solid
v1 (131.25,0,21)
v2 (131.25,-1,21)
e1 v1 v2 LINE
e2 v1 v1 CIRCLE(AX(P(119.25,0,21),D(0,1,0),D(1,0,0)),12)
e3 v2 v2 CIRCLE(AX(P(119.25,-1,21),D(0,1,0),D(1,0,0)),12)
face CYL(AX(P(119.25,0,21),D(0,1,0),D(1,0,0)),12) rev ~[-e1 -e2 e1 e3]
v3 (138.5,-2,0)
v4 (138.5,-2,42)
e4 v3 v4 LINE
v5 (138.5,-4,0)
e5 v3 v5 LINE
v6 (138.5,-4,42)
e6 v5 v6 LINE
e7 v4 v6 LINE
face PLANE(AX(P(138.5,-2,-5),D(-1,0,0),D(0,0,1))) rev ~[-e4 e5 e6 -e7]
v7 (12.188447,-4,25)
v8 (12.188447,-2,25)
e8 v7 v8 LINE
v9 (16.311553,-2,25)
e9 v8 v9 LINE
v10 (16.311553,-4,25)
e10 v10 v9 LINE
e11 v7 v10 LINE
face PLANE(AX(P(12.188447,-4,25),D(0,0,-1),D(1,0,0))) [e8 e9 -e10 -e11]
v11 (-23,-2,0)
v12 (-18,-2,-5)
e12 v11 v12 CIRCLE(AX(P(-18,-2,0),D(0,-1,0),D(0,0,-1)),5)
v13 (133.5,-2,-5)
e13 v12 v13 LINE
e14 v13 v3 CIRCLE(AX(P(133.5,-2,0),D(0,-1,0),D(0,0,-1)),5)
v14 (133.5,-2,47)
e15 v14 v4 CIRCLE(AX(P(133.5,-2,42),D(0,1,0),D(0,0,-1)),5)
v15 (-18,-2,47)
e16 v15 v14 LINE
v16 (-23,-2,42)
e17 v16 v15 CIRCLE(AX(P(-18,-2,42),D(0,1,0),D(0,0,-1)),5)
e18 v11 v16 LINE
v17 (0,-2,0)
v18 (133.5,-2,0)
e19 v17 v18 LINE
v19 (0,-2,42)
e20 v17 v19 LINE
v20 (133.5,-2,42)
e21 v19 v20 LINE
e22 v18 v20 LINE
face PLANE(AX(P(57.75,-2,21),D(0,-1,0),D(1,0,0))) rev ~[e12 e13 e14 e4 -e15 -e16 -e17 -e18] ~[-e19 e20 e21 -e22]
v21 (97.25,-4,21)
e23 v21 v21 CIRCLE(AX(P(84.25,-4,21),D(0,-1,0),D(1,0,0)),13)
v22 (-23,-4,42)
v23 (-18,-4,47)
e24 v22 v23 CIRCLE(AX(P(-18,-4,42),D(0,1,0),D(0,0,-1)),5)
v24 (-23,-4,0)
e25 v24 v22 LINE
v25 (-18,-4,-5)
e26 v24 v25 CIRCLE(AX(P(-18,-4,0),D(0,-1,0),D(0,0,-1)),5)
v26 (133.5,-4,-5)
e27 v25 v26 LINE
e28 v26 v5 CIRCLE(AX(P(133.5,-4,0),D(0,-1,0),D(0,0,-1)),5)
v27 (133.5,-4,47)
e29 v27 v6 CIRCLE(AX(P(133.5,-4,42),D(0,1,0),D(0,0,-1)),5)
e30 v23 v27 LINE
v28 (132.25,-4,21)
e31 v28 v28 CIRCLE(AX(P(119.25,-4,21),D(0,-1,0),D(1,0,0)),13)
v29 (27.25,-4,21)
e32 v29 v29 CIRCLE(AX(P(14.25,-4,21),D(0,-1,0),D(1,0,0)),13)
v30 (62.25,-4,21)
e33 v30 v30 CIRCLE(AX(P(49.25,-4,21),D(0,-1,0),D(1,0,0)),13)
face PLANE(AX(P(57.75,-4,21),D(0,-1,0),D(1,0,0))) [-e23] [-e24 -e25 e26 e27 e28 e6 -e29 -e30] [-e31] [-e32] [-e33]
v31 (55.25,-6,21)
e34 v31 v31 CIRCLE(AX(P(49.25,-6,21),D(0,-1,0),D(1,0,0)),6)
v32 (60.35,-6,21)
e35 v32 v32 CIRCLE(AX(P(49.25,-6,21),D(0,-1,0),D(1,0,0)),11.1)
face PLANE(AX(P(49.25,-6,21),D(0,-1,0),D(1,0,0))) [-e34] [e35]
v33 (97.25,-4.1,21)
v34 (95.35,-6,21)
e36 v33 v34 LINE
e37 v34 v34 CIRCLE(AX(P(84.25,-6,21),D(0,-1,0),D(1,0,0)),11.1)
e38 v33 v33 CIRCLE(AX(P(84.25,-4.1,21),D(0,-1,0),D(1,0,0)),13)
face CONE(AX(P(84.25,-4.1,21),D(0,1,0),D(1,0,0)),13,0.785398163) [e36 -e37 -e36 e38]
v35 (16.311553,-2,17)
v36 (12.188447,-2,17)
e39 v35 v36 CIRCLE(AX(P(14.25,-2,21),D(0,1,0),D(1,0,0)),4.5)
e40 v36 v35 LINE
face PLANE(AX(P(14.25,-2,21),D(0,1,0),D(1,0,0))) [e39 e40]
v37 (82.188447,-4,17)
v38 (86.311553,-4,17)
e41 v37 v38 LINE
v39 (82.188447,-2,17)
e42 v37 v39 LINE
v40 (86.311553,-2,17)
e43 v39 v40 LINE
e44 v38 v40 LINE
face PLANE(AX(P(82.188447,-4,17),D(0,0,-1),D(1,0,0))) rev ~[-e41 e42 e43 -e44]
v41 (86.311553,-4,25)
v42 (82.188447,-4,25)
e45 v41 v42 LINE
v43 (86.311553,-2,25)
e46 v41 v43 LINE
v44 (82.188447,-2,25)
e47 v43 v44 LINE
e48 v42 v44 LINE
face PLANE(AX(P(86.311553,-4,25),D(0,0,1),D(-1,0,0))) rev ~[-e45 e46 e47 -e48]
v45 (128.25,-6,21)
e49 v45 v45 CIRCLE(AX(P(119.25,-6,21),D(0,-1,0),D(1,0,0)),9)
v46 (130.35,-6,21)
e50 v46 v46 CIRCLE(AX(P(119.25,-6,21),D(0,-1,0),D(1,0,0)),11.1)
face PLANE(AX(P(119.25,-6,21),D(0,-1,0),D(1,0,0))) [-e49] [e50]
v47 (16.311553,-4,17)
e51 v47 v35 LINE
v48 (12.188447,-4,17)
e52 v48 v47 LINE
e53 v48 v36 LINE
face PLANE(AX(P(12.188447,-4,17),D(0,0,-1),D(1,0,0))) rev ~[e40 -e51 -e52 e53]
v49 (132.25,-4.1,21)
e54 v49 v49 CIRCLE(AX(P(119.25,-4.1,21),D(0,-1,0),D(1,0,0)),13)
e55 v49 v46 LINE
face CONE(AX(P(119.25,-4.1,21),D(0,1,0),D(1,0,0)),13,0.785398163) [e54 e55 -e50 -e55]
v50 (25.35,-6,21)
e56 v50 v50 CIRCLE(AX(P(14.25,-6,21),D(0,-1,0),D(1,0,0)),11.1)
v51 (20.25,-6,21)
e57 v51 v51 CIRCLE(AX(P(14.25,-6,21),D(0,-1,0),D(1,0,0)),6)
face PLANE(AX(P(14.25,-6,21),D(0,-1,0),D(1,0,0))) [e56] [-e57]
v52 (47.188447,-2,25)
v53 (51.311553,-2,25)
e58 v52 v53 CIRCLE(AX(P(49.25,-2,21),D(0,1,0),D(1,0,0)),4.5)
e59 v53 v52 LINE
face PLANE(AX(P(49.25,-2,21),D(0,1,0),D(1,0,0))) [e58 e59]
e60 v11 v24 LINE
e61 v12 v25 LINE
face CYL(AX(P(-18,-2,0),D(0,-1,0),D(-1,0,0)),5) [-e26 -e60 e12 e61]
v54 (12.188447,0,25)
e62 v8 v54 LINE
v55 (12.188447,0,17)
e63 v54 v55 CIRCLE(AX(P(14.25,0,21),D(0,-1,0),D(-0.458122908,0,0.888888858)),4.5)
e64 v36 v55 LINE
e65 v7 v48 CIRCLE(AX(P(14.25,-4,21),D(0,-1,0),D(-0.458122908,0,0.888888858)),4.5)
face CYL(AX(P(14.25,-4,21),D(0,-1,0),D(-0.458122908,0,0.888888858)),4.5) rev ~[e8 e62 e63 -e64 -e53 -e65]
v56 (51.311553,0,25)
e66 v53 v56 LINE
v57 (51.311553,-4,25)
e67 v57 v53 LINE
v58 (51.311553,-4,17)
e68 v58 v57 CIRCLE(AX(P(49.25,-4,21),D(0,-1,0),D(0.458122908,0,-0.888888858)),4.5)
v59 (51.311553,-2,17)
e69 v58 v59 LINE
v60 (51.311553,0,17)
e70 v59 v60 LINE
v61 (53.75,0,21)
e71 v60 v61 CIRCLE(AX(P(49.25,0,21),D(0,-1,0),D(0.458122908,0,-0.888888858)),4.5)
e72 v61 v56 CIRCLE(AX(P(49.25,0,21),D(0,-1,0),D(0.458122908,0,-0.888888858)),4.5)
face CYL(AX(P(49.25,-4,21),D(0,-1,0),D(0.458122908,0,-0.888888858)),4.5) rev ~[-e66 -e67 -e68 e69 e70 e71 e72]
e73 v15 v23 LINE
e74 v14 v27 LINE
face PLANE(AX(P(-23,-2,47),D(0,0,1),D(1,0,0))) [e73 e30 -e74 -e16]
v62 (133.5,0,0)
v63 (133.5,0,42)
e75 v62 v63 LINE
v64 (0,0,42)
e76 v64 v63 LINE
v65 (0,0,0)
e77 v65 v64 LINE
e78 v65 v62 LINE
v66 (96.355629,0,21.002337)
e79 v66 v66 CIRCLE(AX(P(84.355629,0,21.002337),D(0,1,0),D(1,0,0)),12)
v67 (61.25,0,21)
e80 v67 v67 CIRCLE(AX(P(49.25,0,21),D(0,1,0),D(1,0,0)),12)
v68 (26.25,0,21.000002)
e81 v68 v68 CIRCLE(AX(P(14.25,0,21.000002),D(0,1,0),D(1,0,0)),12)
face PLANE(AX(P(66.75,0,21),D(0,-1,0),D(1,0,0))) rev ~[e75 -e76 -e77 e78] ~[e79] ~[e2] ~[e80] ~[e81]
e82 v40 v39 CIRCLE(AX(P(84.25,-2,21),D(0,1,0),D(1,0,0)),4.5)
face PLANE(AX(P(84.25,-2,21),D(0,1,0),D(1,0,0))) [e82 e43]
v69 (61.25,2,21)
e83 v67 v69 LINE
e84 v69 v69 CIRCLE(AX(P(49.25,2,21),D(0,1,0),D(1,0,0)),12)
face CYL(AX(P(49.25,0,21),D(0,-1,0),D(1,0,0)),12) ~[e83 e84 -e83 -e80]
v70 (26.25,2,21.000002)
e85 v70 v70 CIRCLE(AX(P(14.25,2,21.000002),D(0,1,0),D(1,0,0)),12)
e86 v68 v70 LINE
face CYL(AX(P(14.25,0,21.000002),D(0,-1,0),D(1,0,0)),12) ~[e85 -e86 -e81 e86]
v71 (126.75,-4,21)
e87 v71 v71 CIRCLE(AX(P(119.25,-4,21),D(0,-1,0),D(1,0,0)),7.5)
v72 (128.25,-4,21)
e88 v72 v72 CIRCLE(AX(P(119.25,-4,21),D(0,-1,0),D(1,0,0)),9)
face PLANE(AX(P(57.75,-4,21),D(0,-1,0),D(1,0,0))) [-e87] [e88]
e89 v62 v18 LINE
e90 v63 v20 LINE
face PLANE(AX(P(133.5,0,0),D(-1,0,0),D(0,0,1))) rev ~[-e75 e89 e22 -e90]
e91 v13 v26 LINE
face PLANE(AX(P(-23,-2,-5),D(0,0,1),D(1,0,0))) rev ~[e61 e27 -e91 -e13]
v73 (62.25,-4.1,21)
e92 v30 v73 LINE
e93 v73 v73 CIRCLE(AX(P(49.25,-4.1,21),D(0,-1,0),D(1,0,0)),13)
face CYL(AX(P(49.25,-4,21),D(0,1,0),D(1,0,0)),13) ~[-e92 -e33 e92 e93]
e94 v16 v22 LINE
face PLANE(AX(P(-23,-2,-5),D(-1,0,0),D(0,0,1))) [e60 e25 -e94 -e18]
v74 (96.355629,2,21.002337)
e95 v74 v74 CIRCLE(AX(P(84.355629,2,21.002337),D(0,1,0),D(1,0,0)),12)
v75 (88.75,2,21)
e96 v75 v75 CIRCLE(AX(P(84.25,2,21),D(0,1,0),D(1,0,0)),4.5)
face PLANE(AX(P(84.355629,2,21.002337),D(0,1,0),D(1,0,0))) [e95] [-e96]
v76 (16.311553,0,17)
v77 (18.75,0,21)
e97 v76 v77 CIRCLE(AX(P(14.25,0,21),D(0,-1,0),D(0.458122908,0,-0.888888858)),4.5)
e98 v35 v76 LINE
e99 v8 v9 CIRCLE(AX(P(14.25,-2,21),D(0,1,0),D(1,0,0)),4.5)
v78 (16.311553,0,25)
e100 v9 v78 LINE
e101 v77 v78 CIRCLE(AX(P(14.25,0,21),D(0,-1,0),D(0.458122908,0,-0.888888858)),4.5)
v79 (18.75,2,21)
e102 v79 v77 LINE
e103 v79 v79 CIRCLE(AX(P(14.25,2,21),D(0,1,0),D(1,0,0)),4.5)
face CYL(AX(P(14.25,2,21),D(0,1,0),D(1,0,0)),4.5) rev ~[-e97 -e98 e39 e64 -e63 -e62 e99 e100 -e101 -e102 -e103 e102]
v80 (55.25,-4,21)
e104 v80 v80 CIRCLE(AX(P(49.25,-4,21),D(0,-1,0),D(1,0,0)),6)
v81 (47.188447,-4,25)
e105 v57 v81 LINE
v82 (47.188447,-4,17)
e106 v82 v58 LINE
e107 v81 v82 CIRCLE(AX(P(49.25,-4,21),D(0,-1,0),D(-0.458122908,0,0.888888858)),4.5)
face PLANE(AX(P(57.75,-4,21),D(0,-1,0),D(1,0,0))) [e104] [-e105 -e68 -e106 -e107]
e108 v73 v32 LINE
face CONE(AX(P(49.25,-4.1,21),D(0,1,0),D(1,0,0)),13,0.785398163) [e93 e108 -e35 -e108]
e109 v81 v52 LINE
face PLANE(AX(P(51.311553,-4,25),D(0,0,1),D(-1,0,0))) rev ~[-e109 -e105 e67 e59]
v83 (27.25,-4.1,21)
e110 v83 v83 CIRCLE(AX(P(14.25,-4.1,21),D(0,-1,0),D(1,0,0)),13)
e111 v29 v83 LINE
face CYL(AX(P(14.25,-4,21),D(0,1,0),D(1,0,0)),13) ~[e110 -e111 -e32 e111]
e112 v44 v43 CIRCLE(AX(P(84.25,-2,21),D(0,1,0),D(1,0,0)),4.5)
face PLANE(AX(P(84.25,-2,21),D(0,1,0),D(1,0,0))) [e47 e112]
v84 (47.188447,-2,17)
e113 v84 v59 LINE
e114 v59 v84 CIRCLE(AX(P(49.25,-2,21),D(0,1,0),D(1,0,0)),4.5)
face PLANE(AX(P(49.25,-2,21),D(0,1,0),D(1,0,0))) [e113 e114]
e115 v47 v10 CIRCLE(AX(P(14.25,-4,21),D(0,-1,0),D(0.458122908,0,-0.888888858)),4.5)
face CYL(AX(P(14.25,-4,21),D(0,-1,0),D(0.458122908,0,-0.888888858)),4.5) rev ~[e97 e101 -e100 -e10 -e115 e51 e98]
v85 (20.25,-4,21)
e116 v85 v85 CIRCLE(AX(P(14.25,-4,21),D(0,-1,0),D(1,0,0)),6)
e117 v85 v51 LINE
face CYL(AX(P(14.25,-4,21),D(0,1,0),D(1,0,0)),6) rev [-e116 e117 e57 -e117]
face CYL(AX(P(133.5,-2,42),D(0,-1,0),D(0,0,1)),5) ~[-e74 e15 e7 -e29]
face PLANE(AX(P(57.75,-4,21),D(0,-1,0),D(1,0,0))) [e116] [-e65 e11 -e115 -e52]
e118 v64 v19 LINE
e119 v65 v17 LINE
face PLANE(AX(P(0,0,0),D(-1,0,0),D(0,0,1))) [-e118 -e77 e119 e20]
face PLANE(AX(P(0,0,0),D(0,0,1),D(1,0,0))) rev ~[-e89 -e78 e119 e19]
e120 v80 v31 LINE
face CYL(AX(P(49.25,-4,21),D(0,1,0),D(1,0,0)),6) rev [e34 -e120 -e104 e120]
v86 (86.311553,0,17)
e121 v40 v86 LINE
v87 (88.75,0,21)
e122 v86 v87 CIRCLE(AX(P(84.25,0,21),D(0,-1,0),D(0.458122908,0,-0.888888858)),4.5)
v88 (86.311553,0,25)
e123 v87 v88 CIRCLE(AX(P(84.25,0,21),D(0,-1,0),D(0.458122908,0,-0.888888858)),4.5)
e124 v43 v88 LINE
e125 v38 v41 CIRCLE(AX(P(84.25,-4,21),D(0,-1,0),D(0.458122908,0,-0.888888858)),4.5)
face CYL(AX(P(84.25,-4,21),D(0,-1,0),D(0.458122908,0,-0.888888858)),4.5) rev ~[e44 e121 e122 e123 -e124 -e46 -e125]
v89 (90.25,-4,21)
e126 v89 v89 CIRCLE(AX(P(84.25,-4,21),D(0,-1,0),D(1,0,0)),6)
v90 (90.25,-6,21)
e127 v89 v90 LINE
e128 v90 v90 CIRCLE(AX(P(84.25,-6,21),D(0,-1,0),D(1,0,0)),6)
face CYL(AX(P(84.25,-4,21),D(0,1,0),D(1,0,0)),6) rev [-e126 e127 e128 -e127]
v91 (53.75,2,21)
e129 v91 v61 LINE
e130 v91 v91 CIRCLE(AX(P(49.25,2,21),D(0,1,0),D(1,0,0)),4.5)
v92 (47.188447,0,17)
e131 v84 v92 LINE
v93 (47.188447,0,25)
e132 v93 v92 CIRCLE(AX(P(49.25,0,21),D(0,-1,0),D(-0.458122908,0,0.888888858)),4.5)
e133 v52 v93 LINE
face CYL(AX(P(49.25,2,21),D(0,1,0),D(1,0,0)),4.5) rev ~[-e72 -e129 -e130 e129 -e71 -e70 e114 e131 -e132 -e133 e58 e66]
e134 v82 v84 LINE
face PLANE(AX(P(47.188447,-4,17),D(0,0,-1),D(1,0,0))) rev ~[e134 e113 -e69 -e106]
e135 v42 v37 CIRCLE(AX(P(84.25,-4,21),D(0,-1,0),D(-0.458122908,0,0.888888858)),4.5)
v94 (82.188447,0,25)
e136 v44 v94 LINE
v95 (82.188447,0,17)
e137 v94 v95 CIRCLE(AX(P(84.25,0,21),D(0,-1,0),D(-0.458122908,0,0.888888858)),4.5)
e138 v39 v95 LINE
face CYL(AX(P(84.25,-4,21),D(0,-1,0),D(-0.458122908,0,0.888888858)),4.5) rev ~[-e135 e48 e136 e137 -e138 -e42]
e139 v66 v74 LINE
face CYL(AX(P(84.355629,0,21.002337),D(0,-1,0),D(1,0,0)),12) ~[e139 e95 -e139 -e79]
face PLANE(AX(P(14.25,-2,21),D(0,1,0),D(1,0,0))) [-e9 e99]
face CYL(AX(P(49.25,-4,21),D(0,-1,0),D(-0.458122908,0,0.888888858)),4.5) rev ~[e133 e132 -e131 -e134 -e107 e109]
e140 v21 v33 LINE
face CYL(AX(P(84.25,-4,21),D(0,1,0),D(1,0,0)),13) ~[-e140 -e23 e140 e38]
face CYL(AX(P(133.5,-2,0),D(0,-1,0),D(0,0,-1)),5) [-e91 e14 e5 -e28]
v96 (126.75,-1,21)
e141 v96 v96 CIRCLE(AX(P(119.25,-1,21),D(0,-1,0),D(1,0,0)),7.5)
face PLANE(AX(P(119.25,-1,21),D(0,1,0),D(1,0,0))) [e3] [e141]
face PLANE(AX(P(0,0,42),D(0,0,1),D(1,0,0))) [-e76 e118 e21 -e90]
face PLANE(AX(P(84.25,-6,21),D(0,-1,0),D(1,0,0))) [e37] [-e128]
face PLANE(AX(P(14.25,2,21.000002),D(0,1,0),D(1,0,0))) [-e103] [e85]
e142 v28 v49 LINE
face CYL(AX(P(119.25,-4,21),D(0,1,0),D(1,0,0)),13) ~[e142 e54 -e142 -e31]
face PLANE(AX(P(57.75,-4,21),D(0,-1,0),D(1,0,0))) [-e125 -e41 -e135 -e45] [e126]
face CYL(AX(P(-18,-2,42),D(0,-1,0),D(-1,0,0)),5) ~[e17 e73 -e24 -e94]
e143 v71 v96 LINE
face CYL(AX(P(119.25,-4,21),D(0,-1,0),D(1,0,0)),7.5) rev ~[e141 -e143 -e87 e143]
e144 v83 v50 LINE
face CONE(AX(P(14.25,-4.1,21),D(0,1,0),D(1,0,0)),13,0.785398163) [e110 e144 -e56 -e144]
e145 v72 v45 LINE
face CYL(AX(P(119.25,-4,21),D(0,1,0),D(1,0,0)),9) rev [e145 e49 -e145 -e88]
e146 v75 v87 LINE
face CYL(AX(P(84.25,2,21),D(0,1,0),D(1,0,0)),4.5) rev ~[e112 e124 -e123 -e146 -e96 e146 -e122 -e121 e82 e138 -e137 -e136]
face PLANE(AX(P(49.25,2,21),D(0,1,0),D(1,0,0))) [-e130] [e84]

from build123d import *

# Parameters (mm, degrees)
SKETCH_W               = 133.5
SKETCH_H               = 42
PAD_DEPTH              = 2
SKETCH001_W            = 161.5
SKETCH001_H            = 52
PAD001_DEPTH           = 2
SKETCH002_R            = 7.5
POCKET_DEPTH           = 4.001
SKETCH003_R            = 12
POCKET001_DEPTH        = 1
SKETCH004_R            = 12
PAD002_DEPTH           = 2
SKETCH005_R            = 4.5
POCKET002_DEPTH        = 4
LINEARPATTERN_COUNT    = 3
LINEARPATTERN_PITCH    = 35
SKETCH006_R            = 13
SKETCH006_R_2          = 6
PAD003_DEPTH           = 2
LINEARPATTERN001_COUNT = 3
LINEARPATTERN001_PITCH = 35
CHAMFER_SIZE           = 1.9
FILLET_R               = 5
SKETCH007_R            = 13
SKETCH007_R_2          = 9
PAD004_DEPTH           = 2
CHAMFER001_SIZE        = 1.9


with BuildPart() as part:
    # Sketch → Pad (new body)
    with BuildSketch(Plane.XZ):
        with Locations((66.75, 21)):
            Rectangle(SKETCH_W, SKETCH_H)
    extrude(amount=PAD_DEPTH)

    # Sketch001 (on Face6 of Pad) → Pad001 (join)
    with BuildSketch(Plane.XZ.offset(2)):
        with Locations((57.75, 21)):
            Rectangle(SKETCH001_W, SKETCH001_H)
    extrude(amount=PAD001_DEPTH)

    # Sketch002 (on Face11 of Pad001) → Pocket (cut, through all)
    with BuildSketch(Plane.XZ.offset(4)):
        with Locations((119.25, 21)):
            Circle(SKETCH002_R)
        with BuildLine():
            ThreePointArc((12.188447, 25), (9.75, 21), (12.188447, 17))
            Line((12.188447, 17), (16.311553, 17))
            ThreePointArc((16.311553, 17), (18.75, 21), (16.311553, 25))
            Line((12.188447, 25), (16.311553, 25))
        make_face()
        with BuildLine():
            ThreePointArc((47.188447, 25), (44.75, 21), (47.188447, 17))
            Line((47.188447, 17), (51.311553, 17))
            ThreePointArc((51.311553, 17), (53.75, 21), (51.311553, 25))
            Line((51.311553, 25), (47.188447, 25))
        make_face()
        with BuildLine():
            Line((82.188447, 17), (86.311553, 17))
            ThreePointArc((86.311553, 17), (88.75, 21), (86.311553, 25))
            Line((86.311553, 25), (82.188447, 25))
            ThreePointArc((82.188447, 25), (79.75, 21), (82.188447, 17))
        make_face()
    extrude(amount=-POCKET_DEPTH, mode=Mode.SUBTRACT)

    # Sketch003 (on Face1 of Pocket) → Pocket001 (cut)
    with BuildSketch(Plane(origin=(0, 0, 0), x_dir=(1, 0, 0), z_dir=(0, 1, 0))):
        with Locations((119.25, -21)):
            Circle(SKETCH003_R)
    extrude(amount=-POCKET001_DEPTH, mode=Mode.SUBTRACT)

    # Sketch004 (on Face1 of Pocket001) → Pad002 (join)
    with BuildSketch(Plane(origin=(0, 0, 0), x_dir=(1, 0, 0), z_dir=(0, 1, 0))):
        with Locations((84.355629, -21.002337)):
            Circle(SKETCH004_R)
        with Locations((49.25, -21)):
            Circle(SKETCH004_R)
        with Locations((14.25, -21.000002)):
            Circle(SKETCH004_R)
    extrude(amount=PAD002_DEPTH)

    # Sketch005 (on Face17 of Pad002) → Pocket002 (cut)
    with BuildSketch(Plane(origin=(0, 2, 0), x_dir=(1, 0, 0), z_dir=(0, 1, 0))):
        with Locations((14.25, -21)):
            Circle(SKETCH005_R)
        with Locations((49.25, -21)):
            Circle(SKETCH005_R)
        with Locations((84.25, -21)):
            Circle(SKETCH005_R)
    pocket002 = extrude(amount=-POCKET002_DEPTH, mode=Mode.SUBTRACT)

    # LinearPattern: Pocket002 ×3
    with Locations(*[(-i * LINEARPATTERN_PITCH, 0, 0) for i in range(1, LINEARPATTERN_COUNT)]):
        add(pocket002, mode=Mode.SUBTRACT)

    # Sketch006 (on Face19 of LinearPattern) → Pad003 (join)
    with BuildSketch(Plane.XZ.offset(4)):
        with Locations((84.25, 21)):
            Circle(SKETCH006_R)
        with Locations((84.25, 21)):
            Circle(SKETCH006_R_2, mode=Mode.SUBTRACT)
    pad003 = extrude(amount=PAD003_DEPTH)

    # LinearPattern001: Pad003 ×3
    with Locations(*[(-i * LINEARPATTERN001_PITCH, 0, 0) for i in range(1, LINEARPATTERN001_COUNT)]):
        add(pad003)

    # Chamfer
    chamfer_edges = [part.edges().sort_by_distance(p)[0] for p in [
        (1.25, -6, 21),
        (36.25, -6, 21),
        (71.25, -6, 21),
    ]]
    chamfer(chamfer_edges, length=CHAMFER_SIZE)

    # Fillet
    fillet_edges = [part.edges().sort_by_distance(p)[0] for p in [
        (-23, -3, -5),
        (-23, -3, 47),
        (138.5, -3, -5),
        (138.5, -3, 47),
    ]]
    fillet(fillet_edges, radius=FILLET_R)

    # Sketch007 (on Face1 of Fillet) → Pad004 (join)
    with BuildSketch(Plane.XZ.offset(4)):
        with Locations((119.25, 21)):
            Circle(SKETCH007_R)
        with Locations((119.25, 21)):
            Circle(SKETCH007_R_2, mode=Mode.SUBTRACT)
    extrude(amount=PAD004_DEPTH)

    # Chamfer001
    chamfer001_edges = [part.edges().sort_by_distance(p)[0] for p in [
        (106.25, -6, 21),
    ]]
    chamfer(chamfer001_edges, length=CHAMFER001_SIZE)


solid = part.part
